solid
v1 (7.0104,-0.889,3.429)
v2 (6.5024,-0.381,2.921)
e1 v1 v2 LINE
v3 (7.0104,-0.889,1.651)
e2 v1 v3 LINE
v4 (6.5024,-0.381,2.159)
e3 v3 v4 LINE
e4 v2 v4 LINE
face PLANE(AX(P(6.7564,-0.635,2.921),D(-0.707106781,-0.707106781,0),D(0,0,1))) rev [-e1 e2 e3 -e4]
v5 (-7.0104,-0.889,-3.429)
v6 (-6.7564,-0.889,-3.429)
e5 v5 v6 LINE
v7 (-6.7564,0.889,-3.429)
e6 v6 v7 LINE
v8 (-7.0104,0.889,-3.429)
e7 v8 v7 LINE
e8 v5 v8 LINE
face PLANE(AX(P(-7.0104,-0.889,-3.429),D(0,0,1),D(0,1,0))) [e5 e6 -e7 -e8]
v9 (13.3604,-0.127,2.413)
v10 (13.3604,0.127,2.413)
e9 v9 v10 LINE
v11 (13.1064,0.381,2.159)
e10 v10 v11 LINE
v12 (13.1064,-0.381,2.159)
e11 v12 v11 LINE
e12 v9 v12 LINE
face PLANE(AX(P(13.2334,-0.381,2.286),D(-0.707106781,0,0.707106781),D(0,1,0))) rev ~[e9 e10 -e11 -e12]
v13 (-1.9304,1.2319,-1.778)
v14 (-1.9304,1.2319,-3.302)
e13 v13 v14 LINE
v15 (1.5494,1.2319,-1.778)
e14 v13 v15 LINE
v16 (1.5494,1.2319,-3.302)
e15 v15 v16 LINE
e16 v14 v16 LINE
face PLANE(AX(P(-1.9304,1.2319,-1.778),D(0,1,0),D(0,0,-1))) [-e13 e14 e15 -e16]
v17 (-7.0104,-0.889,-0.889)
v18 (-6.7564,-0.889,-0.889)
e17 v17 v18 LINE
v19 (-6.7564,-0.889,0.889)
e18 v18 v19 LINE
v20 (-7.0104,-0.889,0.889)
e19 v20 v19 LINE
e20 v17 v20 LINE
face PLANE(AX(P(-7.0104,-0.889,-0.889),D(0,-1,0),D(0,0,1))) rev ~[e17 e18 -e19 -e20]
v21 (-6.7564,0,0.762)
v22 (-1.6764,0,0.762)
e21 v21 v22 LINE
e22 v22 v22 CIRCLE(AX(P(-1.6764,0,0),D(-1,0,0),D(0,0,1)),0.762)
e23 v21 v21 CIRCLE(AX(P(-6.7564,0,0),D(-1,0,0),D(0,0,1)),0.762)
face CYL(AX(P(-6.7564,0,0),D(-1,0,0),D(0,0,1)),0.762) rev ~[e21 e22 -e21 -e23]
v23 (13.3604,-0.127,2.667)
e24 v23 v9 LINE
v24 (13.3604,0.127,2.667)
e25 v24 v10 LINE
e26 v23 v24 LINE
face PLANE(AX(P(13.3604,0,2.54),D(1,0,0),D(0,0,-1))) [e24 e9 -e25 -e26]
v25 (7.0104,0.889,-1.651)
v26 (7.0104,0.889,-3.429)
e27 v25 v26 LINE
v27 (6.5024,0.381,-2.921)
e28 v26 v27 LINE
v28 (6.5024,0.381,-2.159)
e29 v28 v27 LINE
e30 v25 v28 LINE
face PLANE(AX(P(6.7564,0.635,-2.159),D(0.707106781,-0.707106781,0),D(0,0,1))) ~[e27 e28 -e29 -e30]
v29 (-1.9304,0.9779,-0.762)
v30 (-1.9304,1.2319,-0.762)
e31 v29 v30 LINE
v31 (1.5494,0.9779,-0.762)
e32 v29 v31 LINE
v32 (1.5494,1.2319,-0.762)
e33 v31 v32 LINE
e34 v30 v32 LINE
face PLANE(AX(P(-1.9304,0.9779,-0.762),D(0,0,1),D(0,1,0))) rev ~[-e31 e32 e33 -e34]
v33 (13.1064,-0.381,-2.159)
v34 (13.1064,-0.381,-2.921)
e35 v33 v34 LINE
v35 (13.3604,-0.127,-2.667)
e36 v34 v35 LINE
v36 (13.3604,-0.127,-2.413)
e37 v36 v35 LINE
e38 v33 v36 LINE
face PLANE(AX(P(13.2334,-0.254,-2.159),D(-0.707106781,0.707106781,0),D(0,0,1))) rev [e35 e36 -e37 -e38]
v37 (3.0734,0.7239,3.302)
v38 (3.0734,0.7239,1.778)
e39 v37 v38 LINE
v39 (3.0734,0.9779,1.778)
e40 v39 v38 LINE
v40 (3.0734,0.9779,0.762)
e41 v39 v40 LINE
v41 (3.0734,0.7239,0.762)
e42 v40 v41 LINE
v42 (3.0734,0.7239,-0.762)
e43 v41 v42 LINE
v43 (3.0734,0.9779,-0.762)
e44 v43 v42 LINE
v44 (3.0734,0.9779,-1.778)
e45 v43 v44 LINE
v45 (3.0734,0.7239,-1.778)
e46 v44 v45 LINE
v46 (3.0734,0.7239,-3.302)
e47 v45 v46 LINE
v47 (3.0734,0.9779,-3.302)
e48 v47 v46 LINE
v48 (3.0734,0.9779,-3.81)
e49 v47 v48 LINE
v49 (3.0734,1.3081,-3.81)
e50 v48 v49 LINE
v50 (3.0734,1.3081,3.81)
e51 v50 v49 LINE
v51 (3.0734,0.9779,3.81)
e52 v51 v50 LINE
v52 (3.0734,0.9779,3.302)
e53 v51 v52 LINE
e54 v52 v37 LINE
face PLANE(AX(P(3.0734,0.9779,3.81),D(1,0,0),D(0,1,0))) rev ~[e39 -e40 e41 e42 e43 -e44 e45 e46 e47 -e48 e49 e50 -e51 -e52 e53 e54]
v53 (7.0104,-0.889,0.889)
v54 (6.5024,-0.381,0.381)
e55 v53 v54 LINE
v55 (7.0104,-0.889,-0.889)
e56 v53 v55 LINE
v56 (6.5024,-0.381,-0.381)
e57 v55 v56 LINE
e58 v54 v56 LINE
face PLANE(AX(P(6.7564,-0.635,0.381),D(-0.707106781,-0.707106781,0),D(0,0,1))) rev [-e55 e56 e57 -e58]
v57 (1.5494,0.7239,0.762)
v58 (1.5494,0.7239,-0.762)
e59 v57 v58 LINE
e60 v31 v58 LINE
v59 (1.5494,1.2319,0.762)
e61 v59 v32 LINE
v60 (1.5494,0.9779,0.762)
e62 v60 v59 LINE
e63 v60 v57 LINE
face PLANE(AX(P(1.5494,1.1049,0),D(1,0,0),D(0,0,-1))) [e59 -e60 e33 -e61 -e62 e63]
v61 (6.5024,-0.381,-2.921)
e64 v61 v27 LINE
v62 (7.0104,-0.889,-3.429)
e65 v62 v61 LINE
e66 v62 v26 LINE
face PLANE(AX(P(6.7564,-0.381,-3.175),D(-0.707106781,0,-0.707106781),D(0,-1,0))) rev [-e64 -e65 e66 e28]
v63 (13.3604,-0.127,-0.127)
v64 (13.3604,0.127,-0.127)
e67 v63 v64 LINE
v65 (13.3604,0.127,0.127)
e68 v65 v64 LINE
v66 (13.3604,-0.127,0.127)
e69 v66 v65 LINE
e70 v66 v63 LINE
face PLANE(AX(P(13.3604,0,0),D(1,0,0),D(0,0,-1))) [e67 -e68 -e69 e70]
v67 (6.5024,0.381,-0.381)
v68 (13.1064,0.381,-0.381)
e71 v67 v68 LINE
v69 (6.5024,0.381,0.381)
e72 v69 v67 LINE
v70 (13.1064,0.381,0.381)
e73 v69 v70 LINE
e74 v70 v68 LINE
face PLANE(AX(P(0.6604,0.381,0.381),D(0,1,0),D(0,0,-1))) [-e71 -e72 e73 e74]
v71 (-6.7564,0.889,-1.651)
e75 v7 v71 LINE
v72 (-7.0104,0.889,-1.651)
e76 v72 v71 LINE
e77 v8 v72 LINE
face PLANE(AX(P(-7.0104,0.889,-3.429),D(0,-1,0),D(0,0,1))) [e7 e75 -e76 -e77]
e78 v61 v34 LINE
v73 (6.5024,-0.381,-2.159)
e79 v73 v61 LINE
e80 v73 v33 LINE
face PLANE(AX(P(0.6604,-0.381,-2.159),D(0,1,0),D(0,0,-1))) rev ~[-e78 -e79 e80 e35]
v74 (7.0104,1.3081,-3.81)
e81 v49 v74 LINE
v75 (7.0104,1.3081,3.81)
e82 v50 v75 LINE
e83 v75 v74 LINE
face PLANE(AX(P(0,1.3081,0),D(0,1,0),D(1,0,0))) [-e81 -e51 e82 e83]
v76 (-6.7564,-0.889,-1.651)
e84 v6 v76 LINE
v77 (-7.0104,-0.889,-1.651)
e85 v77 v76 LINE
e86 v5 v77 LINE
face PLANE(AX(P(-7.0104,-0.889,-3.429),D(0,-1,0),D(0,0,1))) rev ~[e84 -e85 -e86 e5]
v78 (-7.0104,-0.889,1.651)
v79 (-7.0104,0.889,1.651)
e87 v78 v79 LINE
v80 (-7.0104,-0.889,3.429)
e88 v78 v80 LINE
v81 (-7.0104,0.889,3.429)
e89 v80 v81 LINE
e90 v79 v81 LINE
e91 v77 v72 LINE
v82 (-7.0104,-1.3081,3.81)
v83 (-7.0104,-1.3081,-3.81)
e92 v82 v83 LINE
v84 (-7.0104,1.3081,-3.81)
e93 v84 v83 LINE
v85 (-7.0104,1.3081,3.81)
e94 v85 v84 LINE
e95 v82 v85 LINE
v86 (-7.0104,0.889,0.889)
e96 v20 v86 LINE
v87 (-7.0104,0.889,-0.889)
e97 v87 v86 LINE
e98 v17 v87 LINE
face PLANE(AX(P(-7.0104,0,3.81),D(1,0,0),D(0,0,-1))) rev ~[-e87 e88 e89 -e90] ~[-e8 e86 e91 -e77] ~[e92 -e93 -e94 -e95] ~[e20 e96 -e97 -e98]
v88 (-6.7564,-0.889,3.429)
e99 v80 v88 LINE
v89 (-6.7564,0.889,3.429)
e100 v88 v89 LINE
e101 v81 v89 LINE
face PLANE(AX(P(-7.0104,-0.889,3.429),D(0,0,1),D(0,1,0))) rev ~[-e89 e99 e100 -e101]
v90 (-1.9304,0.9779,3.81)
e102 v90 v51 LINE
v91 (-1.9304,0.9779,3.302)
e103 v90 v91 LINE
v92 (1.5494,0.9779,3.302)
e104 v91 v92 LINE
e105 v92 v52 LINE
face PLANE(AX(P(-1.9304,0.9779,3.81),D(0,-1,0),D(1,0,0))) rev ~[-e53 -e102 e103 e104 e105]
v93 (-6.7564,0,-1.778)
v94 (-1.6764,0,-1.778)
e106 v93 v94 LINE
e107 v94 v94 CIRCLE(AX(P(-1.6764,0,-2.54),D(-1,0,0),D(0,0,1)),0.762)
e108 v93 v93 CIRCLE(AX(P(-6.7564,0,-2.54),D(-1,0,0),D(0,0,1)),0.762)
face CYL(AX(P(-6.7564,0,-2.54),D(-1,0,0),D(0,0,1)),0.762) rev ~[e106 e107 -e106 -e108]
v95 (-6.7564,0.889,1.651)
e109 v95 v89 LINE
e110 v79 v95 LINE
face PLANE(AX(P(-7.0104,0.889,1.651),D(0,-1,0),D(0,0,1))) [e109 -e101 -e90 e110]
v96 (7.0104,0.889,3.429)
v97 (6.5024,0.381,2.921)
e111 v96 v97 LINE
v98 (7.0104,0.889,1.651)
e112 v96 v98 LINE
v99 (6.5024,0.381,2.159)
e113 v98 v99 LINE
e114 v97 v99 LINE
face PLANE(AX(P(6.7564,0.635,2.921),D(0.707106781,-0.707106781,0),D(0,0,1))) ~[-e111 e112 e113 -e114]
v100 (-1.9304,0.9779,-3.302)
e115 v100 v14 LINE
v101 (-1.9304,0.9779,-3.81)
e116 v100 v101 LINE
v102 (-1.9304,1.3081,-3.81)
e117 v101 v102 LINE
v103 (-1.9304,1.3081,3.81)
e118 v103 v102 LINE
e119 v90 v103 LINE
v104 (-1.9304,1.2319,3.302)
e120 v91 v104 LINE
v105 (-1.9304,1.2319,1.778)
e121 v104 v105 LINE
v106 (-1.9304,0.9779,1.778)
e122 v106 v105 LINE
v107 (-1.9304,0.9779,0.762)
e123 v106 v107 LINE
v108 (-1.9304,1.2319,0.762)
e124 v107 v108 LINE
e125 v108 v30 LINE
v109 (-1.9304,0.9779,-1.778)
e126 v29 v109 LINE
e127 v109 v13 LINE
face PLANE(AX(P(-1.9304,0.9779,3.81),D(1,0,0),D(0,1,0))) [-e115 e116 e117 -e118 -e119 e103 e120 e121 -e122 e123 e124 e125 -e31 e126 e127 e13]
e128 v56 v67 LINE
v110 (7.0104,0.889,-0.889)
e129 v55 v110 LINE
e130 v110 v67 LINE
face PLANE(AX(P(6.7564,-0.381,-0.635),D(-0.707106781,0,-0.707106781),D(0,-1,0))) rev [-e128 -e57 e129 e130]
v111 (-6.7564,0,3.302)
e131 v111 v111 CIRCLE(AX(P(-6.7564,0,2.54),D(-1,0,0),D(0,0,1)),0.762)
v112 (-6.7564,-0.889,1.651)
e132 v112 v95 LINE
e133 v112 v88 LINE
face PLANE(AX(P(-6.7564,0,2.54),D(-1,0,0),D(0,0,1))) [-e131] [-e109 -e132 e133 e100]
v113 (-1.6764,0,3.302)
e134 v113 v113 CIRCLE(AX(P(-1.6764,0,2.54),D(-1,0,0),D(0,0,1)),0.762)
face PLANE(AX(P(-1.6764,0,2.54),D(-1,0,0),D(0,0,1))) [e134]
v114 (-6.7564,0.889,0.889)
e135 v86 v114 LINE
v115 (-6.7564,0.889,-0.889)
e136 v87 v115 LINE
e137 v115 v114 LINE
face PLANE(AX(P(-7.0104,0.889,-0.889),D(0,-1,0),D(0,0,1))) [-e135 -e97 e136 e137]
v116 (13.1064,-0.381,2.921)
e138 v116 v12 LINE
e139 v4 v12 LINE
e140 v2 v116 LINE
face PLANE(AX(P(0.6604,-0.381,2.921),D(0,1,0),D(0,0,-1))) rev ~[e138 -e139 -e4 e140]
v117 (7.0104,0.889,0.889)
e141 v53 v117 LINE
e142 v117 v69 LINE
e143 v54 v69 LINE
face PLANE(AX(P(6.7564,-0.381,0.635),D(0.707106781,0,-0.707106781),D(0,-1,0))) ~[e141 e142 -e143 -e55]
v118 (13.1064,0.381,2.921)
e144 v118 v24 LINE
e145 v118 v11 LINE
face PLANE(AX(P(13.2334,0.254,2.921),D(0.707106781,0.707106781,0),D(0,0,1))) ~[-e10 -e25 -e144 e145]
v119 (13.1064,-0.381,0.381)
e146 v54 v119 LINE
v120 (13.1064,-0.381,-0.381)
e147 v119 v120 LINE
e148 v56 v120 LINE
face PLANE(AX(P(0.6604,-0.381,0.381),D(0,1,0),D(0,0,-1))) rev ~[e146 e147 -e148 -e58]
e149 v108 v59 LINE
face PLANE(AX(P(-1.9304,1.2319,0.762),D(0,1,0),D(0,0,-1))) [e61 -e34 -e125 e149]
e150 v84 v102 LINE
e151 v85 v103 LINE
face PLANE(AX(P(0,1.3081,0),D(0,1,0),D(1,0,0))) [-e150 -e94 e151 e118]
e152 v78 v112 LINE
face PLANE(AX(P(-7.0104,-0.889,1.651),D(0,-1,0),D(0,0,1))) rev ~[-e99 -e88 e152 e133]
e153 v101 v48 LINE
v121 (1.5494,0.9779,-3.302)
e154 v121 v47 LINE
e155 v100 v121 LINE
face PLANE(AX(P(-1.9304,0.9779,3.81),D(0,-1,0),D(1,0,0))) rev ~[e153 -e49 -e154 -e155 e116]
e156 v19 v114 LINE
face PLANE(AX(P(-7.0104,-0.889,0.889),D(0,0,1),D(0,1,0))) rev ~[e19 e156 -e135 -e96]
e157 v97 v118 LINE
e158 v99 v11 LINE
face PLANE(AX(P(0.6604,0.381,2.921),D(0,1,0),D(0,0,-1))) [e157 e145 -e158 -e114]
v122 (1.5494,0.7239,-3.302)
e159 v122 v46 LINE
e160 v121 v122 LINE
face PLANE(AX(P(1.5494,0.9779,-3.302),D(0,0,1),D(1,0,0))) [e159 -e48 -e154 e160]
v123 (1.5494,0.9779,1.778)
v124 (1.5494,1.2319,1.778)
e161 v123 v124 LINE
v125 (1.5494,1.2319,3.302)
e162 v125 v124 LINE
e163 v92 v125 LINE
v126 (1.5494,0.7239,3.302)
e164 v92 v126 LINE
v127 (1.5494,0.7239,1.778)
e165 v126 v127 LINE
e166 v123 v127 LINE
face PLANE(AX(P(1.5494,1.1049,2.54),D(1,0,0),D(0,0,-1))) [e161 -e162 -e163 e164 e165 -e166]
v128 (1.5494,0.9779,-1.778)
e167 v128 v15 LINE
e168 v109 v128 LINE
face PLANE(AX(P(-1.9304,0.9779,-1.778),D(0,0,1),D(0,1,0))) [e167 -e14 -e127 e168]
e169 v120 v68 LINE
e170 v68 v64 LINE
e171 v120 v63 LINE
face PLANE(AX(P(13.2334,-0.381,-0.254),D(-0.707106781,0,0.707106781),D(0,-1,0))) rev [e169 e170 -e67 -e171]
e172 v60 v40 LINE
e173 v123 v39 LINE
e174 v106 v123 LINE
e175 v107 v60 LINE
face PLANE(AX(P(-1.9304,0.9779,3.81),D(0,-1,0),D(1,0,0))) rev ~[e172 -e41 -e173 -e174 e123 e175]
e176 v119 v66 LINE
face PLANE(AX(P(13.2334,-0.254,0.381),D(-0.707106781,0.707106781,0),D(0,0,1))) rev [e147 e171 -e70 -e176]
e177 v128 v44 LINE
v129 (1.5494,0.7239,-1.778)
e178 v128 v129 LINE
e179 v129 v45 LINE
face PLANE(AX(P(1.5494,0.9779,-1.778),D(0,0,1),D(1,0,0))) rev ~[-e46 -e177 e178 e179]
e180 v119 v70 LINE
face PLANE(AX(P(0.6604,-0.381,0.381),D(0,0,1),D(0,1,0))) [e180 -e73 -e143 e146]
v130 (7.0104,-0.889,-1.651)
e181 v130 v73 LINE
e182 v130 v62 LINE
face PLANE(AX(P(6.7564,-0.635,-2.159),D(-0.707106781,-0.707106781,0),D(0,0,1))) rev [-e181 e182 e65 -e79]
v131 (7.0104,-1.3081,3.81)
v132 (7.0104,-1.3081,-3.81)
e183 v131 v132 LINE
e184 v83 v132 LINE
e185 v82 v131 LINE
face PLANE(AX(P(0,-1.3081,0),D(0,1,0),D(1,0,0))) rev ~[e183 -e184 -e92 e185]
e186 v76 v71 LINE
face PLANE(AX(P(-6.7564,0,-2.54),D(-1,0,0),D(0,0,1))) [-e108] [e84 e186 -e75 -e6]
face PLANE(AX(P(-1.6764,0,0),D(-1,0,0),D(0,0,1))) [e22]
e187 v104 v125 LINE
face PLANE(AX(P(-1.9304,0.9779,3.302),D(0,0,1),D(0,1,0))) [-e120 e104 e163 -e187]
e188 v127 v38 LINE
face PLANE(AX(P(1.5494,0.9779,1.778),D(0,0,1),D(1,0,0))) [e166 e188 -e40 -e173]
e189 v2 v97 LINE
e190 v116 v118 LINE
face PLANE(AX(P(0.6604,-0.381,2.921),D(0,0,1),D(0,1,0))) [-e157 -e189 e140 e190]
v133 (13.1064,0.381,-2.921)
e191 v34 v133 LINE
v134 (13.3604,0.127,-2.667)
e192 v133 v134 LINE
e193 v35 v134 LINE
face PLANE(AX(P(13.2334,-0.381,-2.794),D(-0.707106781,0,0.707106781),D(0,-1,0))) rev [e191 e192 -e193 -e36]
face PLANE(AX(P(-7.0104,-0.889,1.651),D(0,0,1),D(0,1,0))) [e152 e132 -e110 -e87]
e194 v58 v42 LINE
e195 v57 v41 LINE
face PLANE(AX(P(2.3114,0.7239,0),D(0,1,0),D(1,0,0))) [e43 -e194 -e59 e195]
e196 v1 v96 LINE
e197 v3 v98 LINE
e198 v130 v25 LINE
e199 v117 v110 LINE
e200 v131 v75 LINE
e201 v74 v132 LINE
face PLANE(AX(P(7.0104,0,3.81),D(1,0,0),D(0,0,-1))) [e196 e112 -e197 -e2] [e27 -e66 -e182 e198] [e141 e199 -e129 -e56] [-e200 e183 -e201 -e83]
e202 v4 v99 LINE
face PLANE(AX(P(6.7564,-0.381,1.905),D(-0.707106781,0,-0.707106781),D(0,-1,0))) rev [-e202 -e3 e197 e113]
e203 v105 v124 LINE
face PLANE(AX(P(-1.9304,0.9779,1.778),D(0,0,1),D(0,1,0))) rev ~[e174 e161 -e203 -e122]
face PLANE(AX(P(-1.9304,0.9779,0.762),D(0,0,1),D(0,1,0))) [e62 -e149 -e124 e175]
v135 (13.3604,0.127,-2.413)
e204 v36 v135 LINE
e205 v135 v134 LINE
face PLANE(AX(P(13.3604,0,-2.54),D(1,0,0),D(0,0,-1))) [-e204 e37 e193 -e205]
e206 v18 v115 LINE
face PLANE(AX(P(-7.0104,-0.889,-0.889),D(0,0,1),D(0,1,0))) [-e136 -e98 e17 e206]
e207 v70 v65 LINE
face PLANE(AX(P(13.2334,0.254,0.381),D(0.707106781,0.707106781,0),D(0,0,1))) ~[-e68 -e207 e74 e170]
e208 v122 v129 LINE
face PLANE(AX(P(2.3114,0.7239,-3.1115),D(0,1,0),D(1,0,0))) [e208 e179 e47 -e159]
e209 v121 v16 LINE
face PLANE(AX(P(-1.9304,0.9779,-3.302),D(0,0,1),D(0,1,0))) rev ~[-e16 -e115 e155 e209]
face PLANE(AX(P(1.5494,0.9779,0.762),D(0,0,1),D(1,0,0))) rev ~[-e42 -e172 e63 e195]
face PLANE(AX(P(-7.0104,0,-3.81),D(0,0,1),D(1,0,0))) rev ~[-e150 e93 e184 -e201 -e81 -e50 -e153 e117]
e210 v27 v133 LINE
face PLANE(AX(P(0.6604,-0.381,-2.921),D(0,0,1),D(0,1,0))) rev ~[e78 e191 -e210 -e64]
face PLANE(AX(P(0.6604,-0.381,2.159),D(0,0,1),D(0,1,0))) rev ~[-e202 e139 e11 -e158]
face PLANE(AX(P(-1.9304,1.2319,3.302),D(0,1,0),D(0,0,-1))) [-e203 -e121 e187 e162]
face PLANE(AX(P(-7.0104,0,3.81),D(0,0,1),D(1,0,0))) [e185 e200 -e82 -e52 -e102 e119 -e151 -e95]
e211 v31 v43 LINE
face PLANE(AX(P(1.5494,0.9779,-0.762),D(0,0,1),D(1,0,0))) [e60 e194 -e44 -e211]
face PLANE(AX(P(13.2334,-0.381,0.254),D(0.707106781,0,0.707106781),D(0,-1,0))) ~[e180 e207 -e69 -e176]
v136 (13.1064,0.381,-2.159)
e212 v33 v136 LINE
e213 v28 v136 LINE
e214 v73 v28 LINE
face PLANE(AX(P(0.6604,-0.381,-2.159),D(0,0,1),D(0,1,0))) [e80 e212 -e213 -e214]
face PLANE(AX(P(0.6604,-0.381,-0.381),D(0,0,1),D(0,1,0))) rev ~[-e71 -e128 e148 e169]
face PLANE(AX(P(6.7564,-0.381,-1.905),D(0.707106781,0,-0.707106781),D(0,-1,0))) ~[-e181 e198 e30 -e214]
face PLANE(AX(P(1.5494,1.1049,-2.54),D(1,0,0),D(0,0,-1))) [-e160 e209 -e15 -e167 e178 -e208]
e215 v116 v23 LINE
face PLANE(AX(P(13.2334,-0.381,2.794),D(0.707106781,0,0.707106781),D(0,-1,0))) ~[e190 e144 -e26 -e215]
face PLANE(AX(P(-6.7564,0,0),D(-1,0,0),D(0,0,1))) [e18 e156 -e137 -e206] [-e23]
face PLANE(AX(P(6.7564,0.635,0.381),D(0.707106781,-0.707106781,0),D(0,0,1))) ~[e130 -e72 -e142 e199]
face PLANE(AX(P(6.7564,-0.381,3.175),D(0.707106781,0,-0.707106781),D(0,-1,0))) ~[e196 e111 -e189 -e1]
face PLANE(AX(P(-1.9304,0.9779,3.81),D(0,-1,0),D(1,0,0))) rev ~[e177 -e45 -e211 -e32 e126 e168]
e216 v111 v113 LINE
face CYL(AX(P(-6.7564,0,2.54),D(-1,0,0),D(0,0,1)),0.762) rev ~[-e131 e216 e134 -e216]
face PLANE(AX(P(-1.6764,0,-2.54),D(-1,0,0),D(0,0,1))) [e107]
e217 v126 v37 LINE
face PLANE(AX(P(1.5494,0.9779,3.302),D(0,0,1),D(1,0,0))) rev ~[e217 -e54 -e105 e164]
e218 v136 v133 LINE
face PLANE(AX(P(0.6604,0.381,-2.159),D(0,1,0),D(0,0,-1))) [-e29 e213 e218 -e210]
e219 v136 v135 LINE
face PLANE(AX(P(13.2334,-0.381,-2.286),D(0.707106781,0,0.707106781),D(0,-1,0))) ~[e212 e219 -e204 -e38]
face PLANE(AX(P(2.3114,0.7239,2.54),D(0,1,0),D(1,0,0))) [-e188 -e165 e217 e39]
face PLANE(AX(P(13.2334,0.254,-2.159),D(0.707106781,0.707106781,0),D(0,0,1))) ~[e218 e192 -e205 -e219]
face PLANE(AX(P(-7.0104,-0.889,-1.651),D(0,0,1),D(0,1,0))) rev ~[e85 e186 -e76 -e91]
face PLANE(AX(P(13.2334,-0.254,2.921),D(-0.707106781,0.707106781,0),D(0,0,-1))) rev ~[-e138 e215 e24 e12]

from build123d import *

# Parameters (mm, degrees)
SKETCH1_W           = 14.0208
SKETCH1_H           = 7.62
BOSS_EXTRUDE1_DEPTH = 1.3081
SKETCH2_W           = 0.762
SKETCH2_H           = 0.762
CUT_EXTRUDE1_DEPTH  = 6.35
CHAMFER1_SIZE       = 0.508
SKETCH3_W           = 1.778
SKETCH3_H           = 1.778
CUT_EXTRUDE2_DEPTH  = 0.254
SKETCH4_R           = 0.762
CUT_EXTRUDE3_DEPTH  = 5.08
SKETCH5_W           = 5.0038
SKETCH5_H           = 0.6604
CUT_EXTRUDE4_DEPTH  = 8.62
SKETCH6_W           = 1.524
SKETCH6_H           = 0.381
SKETCH6_H_2         = 0.762
SKETCH6_H_3         = 1.524
CUT_EXTRUDE5_DEPTH  = 0.254
SKETCH7_W           = 1.524
SKETCH7_H           = 0.254
BOSS_EXTRUDE2_DEPTH = 3.4798
SKETCH8_W           = 0.762
SKETCH8_H           = 0.762
BOSS_EXTRUDE3_DEPTH = 12.7
CHAMFER2_SIZE       = 0.254


with BuildPart() as part:
    # Sketch1 → Boss-Extrude1 (new body, symmetric)
    with BuildSketch(Plane(origin=(0, 0, 0), x_dir=(1, 0, 0), z_dir=(0, 1, 0))):
        Rectangle(SKETCH1_W, SKETCH1_H)
    extrude(amount=BOSS_EXTRUDE1_DEPTH, both=True)

    # Sketch2 → Cut-Extrude1 (cut)
    with BuildSketch(Plane(origin=(7.0104, 0, 0), x_dir=(0, 0, -1), z_dir=(1, 0, 0))):
        Rectangle(SKETCH2_W, SKETCH2_H)
        with Locations((-2.54, 0)):
            Rectangle(SKETCH2_W, SKETCH2_H)
        with Locations((2.54, 0)):
            Rectangle(SKETCH2_W, SKETCH2_H)
    extrude(amount=-CUT_EXTRUDE1_DEPTH, mode=Mode.SUBTRACT)

    # Chamfer1
    chamfer1_edges = [part.edges().sort_by_distance(p)[0] for p in [
        (7.0104, -0.381, 2.54),
        (7.0104, 0, 2.159),
        (7.0104, 0.381, 2.54),
        (7.0104, 0, 2.921),
        (7.0104, -0.381, 0),
        (7.0104, 0, -0.381),
        (7.0104, 0.381, 0),
        (7.0104, 0, 0.381),
        (7.0104, -0.381, -2.54),
        (7.0104, 0, -2.921),
        (7.0104, 0.381, -2.54),
        (7.0104, 0, -2.159),
    ]]
    chamfer(chamfer1_edges, length=CHAMFER1_SIZE)

    # Sketch3 → Cut-Extrude2 (cut)
    with BuildSketch(Plane.ZY.offset(7.0104)):
        with Locations((-2.54, 0)):
            Rectangle(SKETCH3_W, SKETCH3_H)
        Rectangle(SKETCH3_W, SKETCH3_H)
        with Locations((2.54, 0)):
            Rectangle(SKETCH3_W, SKETCH3_H)
    extrude(amount=-CUT_EXTRUDE2_DEPTH, mode=Mode.SUBTRACT)

    # Sketch4 → Cut-Extrude3 (cut)
    with BuildSketch(Plane.ZY.offset(6.7564)):
        with Locations((-2.54, 0)):
            Circle(SKETCH4_R)
        Circle(SKETCH4_R)
        with Locations((2.54, 0)):
            Circle(SKETCH4_R)
    extrude(amount=-CUT_EXTRUDE3_DEPTH, mode=Mode.SUBTRACT)

    # Sketch5 → Cut-Extrude4 (cut, through all)
    with BuildSketch(Plane.XY.offset(3.81)):
        with Locations((0.5715, 1.3081)):
            Rectangle(SKETCH5_W, SKETCH5_H)
    extrude(amount=-CUT_EXTRUDE4_DEPTH, mode=Mode.SUBTRACT)

    # Sketch6 → Cut-Extrude5 (cut)
    with BuildSketch(Plane(origin=(0, 0.9779, 0), x_dir=(1, 0, 0), z_dir=(0, 1, 0))):
        with Locations((2.3114, 3.1115)):
            Rectangle(SKETCH6_W, SKETCH6_H)
        with Locations((2.3114, 2.54)):
            Rectangle(SKETCH6_W, SKETCH6_H_2)
        with Locations((2.3114, 1.9685)):
            Rectangle(SKETCH6_W, SKETCH6_H)
        with Locations((2.3114, 0)):
            Rectangle(SKETCH6_W, SKETCH6_H_3)
        with Locations((2.3114, -2.54)):
            Rectangle(SKETCH6_W, SKETCH6_H_3)
    extrude(amount=-CUT_EXTRUDE5_DEPTH, mode=Mode.SUBTRACT)

    # Sketch7 → Boss-Extrude2 (add)
    with BuildSketch(Plane(origin=(-1.9304, 0, 0), x_dir=(0, 0, -1), z_dir=(1, 0, 0))):
        with Locations((2.54, 1.1049)):
            Rectangle(SKETCH7_W, SKETCH7_H)
        with Locations((0, 1.1049)):
            Rectangle(SKETCH7_W, SKETCH7_H)
        with Locations((-2.54, 1.1049)):
            Rectangle(SKETCH7_W, SKETCH7_H)
    extrude(amount=BOSS_EXTRUDE2_DEPTH)

    # Sketch8 → Boss-Extrude3 (add)
    with BuildSketch(Plane(origin=(0.6604, 0, 0), x_dir=(0, 0, -1), z_dir=(1, 0, 0))):
        with Locations((-2.54, 0)):
            Rectangle(SKETCH8_W, SKETCH8_H)
        Rectangle(SKETCH8_W, SKETCH8_H)
        with Locations((2.54, 0)):
            Rectangle(SKETCH8_W, SKETCH8_H)
    extrude(amount=BOSS_EXTRUDE3_DEPTH)

    # Chamfer2
    chamfer2_edges = [part.edges().sort_by_distance(p)[0] for p in [
        (13.3604, 0, 2.921),
        (13.3604, -0.381, 2.54),
        (13.3604, 0, 2.159),
        (13.3604, 0.381, 2.54),
        (13.3604, 0, 0.381),
        (13.3604, -0.381, 0),
        (13.3604, 0, -0.381),
        (13.3604, 0.381, 0),
        (13.3604, 0, -2.159),
        (13.3604, -0.381, -2.54),
        (13.3604, 0, -2.921),
        (13.3604, 0.381, -2.54),
    ]]
    chamfer(chamfer2_edges, length=CHAMFER2_SIZE)


solid = part.part
